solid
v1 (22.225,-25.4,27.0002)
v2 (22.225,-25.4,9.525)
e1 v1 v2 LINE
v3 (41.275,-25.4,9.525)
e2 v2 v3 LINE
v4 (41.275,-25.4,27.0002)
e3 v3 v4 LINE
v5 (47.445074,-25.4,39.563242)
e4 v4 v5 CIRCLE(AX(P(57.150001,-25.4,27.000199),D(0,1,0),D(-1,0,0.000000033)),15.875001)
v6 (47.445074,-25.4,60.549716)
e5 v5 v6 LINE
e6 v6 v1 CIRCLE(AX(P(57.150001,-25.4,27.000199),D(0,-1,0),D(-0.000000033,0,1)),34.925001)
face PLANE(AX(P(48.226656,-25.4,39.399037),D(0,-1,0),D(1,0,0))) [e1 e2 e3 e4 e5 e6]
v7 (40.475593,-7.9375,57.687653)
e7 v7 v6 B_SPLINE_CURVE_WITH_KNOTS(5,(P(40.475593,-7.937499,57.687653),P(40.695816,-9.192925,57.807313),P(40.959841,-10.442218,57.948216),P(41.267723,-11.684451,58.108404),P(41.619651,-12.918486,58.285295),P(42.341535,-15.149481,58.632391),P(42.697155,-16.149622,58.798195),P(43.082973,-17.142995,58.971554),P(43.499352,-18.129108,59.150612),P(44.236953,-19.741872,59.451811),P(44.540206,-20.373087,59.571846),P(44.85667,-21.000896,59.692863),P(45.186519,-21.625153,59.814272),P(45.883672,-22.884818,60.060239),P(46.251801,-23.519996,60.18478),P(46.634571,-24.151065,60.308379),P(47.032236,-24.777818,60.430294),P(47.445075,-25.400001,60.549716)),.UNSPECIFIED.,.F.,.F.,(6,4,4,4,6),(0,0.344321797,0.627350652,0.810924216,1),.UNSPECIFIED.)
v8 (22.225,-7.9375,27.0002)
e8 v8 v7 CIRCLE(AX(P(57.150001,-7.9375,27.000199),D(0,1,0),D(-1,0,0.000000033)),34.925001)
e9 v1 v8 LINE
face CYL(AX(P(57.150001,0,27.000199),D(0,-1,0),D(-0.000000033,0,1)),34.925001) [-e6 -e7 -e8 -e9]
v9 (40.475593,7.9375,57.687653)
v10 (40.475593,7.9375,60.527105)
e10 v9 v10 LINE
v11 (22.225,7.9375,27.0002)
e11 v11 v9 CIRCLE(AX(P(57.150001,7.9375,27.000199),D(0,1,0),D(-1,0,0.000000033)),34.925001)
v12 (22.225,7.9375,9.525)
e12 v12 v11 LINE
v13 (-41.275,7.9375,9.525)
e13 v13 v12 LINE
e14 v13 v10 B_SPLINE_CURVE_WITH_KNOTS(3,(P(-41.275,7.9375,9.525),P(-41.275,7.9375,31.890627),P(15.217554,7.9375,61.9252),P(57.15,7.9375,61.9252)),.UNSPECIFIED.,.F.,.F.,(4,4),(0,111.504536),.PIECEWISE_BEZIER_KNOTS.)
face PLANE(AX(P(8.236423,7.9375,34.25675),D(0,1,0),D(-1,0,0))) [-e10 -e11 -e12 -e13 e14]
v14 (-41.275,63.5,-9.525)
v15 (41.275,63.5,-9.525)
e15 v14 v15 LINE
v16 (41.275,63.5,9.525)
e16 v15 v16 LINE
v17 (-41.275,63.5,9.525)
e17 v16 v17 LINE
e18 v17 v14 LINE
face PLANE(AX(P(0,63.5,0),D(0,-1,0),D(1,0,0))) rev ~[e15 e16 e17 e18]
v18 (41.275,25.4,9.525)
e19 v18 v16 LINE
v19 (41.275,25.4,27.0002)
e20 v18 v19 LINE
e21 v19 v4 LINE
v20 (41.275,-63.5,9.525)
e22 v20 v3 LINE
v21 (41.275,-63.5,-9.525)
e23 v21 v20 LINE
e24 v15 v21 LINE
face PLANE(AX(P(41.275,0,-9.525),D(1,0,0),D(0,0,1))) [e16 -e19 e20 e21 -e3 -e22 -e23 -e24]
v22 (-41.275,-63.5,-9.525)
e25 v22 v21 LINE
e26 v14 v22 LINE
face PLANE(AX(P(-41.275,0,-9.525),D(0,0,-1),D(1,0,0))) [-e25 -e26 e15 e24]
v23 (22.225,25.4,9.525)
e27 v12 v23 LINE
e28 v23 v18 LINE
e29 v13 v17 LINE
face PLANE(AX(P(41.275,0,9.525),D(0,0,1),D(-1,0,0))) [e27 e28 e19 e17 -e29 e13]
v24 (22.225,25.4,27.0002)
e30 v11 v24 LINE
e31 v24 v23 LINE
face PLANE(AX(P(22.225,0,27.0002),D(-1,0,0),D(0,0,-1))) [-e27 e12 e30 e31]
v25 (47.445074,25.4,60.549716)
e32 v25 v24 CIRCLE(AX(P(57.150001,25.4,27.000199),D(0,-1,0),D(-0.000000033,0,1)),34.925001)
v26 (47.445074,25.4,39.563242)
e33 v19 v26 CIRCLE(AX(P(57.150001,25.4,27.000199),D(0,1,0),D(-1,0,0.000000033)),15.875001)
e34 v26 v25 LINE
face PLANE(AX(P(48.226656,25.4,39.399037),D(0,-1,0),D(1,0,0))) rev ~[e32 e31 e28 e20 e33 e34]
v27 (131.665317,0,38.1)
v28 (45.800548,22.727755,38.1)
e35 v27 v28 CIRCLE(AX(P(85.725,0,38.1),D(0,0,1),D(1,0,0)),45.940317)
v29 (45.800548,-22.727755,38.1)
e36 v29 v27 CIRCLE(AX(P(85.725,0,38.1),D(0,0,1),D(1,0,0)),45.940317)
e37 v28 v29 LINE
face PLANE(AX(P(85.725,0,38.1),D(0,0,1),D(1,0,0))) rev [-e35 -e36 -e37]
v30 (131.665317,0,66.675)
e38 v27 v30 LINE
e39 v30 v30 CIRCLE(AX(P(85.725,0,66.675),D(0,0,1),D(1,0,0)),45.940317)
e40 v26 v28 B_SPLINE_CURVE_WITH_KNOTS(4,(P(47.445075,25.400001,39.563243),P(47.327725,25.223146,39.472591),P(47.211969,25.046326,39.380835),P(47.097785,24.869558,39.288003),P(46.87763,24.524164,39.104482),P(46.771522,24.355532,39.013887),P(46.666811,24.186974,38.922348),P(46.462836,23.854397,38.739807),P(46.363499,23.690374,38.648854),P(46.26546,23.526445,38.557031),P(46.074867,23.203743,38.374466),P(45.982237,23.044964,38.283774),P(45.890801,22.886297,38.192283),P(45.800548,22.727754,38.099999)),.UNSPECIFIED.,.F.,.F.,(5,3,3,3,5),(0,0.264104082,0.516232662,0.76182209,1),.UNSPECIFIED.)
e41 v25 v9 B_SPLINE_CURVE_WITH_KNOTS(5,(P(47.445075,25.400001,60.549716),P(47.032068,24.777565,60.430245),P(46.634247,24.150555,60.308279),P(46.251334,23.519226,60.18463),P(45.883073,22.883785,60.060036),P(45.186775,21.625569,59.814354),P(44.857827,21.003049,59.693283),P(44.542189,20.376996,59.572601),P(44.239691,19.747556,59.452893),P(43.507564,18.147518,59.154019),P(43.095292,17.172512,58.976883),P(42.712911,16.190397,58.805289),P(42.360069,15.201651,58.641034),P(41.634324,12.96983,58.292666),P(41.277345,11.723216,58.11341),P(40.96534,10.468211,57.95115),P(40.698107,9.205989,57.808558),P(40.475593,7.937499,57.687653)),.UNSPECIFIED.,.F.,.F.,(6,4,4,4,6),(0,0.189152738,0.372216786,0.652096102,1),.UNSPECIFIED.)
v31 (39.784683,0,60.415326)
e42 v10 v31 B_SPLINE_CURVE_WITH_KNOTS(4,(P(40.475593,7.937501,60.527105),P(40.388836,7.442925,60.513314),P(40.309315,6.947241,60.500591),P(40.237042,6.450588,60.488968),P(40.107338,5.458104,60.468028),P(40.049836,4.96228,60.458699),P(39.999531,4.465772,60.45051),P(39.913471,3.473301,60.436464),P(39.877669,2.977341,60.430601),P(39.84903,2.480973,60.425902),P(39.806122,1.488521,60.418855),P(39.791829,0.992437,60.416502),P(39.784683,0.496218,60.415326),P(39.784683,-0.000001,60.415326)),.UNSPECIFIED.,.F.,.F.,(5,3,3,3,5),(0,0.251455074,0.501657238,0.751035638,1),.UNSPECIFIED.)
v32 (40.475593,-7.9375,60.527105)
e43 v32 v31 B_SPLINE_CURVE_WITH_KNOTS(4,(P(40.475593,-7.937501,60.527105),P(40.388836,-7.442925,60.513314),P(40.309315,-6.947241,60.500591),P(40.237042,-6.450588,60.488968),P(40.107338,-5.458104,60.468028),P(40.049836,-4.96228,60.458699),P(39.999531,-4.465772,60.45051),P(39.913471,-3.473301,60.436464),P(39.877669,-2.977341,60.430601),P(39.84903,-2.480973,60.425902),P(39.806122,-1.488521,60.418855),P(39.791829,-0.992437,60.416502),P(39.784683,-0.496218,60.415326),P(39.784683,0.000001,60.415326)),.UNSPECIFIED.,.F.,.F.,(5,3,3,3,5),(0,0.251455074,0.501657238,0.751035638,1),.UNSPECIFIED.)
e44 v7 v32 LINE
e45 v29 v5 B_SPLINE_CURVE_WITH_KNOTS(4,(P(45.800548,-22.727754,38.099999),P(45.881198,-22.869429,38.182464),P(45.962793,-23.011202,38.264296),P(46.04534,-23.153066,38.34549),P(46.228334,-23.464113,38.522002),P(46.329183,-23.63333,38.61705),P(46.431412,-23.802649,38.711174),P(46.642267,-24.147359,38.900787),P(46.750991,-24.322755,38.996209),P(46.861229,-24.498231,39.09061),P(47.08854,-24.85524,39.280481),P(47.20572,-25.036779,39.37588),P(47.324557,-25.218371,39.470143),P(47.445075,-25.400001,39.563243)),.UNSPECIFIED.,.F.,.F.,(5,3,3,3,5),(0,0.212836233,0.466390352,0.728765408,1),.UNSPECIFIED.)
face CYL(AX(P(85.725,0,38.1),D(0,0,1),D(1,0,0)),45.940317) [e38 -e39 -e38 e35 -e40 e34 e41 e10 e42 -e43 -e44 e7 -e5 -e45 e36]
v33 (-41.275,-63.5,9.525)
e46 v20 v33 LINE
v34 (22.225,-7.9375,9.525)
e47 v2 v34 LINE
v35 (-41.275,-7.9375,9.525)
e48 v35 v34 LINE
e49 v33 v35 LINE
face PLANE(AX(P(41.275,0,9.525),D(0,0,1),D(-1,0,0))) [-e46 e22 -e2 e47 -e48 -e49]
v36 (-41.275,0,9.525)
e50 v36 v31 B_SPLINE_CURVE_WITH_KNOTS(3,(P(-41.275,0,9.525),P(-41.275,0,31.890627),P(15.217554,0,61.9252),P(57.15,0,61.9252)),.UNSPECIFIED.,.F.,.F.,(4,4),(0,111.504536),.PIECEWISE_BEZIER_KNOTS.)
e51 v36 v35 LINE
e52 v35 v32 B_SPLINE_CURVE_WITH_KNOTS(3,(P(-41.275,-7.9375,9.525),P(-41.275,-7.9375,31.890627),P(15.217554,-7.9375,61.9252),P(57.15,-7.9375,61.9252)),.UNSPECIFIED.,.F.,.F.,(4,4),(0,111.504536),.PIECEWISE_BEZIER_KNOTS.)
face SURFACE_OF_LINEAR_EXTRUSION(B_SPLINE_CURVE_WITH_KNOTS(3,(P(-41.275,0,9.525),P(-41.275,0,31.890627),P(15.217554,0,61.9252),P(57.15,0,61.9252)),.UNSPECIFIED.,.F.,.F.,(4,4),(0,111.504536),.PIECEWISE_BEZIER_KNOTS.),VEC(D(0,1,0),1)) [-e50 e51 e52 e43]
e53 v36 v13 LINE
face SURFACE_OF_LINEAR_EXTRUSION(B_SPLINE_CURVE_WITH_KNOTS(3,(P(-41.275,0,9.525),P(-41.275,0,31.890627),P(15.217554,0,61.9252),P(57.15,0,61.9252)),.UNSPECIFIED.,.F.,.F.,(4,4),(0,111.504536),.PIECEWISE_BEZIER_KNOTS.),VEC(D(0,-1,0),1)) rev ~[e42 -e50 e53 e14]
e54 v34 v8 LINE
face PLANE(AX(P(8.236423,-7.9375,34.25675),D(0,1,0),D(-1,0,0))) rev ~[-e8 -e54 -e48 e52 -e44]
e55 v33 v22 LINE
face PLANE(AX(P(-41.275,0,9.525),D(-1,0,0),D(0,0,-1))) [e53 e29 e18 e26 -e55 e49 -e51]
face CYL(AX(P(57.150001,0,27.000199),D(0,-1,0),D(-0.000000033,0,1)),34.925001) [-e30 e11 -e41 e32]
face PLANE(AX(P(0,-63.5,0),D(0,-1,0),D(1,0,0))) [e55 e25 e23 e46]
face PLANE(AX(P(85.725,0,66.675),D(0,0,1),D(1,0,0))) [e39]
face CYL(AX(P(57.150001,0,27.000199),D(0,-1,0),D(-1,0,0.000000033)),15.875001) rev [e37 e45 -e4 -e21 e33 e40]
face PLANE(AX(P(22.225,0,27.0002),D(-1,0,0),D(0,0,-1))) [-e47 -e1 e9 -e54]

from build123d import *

# Parameters (mm, degrees)
F1_DEPTH = 63.5
F0_W     = 4.859683
F0_H     = 4.7752
F2_DEPTH = 25.4
F3_DEPTH = 7.9375


with BuildPart() as f1:
    # F0 (on Front) → F1 (new body, symmetric)
    with BuildSketch(Plane.XZ):
        Polygon((-41.275, 9.525), (-41.275, -9.525), (41.275, -9.525), (41.275, 9.525), (22.225, 9.525), align=None)
    extrude(amount=F1_DEPTH, both=True)

    # F0 (on Front) → F2 (join, symmetric)
    with BuildSketch(Plane.XZ):
        with BuildLine():
            Line((22.225, 9.525), (41.275, 9.525))
            Line((41.275, 9.525), (41.275, 27.0002))
            ThreePointArc((41.275, 27.0002), (45.92468, 38.22552), (57.15, 42.8752))
            Line((57.15, 42.8752), (80.865317, 42.8752))
            Line((80.865317, 42.8752), (80.865317, 61.9252))
            Line((80.865317, 61.9252), (57.15, 61.9252))
            ThreePointArc((57.15, 61.9252), (32.454296, 51.695904), (22.225, 27.0002))
            Line((22.225, 27.0002), (22.225, 9.525))
        make_face()
        with Locations((83.295158, 40.4876)):
            Rectangle(F0_W, F0_H)
    extrude(amount=F2_DEPTH, both=True)

    # F0 (on Front) → F3 (join, symmetric)
    with BuildSketch(Plane.XZ):
        with BuildLine():
            add(Edge.make_bspline(
                [(-41.275, 9.525), (-41.275, 31.890627), (15.217554, 61.9252), (57.15, 61.9252)],
                knots=[0, 0, 0, 0, 111.504536, 111.504536, 111.504536, 111.504536], degree=3))
            Line((-41.275, 9.525), (22.225, 9.525))
            Line((22.225, 9.525), (22.225, 27.0002))
            ThreePointArc((22.225, 27.0002), (32.454296, 51.695904), (57.15, 61.9252))
        make_face()
    extrude(amount=F3_DEPTH, both=True)

    # F0 (on Front) → F4 (revolve)
    with BuildSketch(Plane.XZ):
        Polygon((85.725, 66.675), (85.725, 61.9252), (85.725, 42.8752), (85.725, 38.1), (131.665317, 38.1), (131.665317, 66.675), align=None)
    revolve(axis=Axis((85.725, 0, 52.3875), (0, 0, 1)))


solid = f1.part
